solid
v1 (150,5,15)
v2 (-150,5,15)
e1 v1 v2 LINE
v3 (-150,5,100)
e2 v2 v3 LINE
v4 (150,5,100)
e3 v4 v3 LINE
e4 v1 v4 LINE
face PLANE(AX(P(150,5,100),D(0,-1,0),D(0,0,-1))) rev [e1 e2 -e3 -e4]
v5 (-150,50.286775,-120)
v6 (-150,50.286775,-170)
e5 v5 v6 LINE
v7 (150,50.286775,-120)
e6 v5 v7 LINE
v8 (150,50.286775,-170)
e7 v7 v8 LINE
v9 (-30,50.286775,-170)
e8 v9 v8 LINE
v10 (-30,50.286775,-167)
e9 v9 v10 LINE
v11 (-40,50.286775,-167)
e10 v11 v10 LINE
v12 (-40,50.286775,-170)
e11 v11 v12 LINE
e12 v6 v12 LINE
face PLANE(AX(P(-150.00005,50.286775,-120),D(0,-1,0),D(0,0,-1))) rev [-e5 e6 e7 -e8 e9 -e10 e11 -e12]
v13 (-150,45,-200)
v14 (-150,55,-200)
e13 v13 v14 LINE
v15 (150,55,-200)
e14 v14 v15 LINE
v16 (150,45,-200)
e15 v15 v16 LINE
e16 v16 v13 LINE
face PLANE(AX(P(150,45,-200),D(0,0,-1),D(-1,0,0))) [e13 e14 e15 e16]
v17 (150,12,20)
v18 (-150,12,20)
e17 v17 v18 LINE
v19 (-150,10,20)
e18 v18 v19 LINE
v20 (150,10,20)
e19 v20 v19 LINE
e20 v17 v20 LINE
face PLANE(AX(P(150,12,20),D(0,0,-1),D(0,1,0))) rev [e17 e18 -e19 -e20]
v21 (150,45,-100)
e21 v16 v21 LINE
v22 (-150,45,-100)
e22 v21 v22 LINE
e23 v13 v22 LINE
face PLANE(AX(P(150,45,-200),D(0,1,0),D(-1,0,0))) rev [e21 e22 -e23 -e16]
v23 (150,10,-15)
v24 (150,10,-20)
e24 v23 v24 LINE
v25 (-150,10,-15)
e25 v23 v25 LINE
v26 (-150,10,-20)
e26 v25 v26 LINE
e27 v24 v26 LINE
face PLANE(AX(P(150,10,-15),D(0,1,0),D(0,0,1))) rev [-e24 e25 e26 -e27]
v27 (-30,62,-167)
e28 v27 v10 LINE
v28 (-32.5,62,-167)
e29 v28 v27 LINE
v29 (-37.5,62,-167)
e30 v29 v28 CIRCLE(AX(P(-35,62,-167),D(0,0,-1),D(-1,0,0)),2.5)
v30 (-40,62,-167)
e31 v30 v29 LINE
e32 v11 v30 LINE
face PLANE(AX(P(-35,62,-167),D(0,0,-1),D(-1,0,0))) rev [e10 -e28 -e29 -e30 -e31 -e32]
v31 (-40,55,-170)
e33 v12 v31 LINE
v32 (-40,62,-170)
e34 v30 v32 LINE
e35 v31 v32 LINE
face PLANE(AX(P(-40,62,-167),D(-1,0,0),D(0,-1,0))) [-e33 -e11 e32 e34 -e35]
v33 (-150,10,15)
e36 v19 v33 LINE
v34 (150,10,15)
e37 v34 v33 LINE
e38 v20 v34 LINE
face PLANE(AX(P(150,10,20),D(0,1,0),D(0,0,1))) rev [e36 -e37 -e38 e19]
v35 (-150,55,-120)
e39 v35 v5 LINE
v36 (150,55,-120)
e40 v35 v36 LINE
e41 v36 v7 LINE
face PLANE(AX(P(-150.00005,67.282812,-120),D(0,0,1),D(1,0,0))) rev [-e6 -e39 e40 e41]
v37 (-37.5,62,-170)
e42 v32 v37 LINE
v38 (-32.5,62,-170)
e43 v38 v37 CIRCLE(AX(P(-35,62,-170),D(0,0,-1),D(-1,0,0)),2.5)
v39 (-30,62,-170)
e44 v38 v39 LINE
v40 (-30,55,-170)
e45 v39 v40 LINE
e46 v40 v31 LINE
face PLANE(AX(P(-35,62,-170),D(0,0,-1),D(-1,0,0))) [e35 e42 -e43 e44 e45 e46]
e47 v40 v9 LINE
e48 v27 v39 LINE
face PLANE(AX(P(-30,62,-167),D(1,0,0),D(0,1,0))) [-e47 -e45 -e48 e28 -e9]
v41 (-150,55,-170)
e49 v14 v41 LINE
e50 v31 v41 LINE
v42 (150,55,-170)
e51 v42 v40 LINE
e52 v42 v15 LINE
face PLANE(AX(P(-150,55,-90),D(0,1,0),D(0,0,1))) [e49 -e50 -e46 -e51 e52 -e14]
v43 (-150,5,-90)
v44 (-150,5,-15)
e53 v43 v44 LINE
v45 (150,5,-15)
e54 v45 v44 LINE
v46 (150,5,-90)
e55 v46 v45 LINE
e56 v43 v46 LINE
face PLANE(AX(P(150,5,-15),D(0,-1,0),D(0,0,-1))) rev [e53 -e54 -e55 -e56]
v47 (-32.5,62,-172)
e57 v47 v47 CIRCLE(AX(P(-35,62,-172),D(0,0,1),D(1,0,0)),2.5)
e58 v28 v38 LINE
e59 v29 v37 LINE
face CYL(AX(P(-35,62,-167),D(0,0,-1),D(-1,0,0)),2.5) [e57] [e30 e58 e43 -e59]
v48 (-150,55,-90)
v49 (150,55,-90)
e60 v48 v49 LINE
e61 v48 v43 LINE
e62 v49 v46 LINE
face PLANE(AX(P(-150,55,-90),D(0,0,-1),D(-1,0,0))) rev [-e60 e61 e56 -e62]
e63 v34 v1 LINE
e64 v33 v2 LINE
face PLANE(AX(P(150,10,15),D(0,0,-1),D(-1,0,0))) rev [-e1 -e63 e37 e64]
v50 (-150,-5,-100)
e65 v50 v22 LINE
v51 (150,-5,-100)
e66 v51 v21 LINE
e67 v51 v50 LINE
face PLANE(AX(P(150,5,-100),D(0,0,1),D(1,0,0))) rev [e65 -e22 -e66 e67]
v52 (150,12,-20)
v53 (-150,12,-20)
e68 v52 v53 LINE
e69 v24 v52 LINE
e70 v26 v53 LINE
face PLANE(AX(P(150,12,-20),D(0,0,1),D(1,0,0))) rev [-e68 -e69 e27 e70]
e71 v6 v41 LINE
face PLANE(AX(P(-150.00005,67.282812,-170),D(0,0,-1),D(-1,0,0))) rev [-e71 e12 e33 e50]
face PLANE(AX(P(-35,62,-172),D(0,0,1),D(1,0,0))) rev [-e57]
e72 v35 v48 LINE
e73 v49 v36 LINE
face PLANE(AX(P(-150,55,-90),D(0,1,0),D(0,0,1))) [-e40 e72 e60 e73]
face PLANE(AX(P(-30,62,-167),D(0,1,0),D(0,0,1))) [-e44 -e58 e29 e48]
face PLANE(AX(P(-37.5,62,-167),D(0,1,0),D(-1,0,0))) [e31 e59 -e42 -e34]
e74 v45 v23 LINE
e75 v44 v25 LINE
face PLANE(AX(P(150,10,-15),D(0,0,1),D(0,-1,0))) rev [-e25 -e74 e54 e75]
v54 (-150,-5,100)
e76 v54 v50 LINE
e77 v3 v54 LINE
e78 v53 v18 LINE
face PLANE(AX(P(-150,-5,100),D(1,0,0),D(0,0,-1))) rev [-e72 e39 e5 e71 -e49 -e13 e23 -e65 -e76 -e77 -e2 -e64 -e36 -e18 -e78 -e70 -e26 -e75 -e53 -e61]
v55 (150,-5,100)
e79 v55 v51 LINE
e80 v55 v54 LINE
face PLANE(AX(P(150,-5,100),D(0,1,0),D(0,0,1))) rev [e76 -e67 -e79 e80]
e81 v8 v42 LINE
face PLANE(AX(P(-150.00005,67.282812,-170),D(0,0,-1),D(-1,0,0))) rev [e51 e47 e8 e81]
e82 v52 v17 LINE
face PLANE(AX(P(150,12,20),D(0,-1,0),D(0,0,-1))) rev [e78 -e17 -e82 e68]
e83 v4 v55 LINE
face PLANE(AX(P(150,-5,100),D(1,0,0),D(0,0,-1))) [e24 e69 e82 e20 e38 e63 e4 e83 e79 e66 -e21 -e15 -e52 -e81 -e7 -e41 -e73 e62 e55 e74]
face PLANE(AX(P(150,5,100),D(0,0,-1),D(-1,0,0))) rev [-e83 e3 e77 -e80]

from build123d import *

# Parameters (mm, degrees)
EXTRUDE1_DEPTH = 150
SKETCH3_W      = 300
SKETCH3_H      = 10
EXTRUDE2_DEPTH = 50
SKETCH4_W      = 300
SKETCH4_H      = 10
EXTRUDE3_DEPTH = 100
SKETCH5_W      = 50
SKETCH5_H      = 16.996037372
EXTRUDE4_DEPTH = 365.725924497
EXTRUDE5_DEPTH = 3
EXTRUDE6_START = -5
SKETCH7_R      = 2.5
EXTRUDE6_DEPTH = 5


with BuildPart() as part:
    # Sketch1 → Extrude1 (new, symmetric)
    with BuildSketch(Plane(origin=(0, 0, 0), x_dir=(0, 0, -1), z_dir=(1, 0, 0))):
        Polygon((15, 5), (100, 5), (100, -5), (-100, -5), (-100, 5), (-15, 5), (-15, 10), (-20, 10), (-20, 12), (20, 12), (20, 10), (15, 10), align=None)
    extrude(amount=EXTRUDE1_DEPTH, both=True)

    # Sketch3 → Extrude2 (add)
    with BuildSketch(Plane(origin=(0, 5, 0), x_dir=(1, 0, 0), z_dir=(0, 1, 0))):
        with Locations((0, 95)):
            Rectangle(SKETCH3_W, SKETCH3_H)
    extrude(amount=EXTRUDE2_DEPTH)

    # Sketch4 → Extrude3 (add)
    with BuildSketch(Plane(origin=(0, 0, -100), x_dir=(-1, 0, 0), z_dir=(0, 0, -1))):
        with Locations((0, 50)):
            Rectangle(SKETCH4_W, SKETCH4_H)
    extrude(amount=EXTRUDE3_DEPTH)

    # Sketch5 → Extrude4 (cut, through all)
    with BuildSketch(Plane(origin=(150, 0, 0), x_dir=(0, 0, -1), z_dir=(1, 0, 0))):
        with Locations((145, 58.784793496)):
            Rectangle(SKETCH5_W, SKETCH5_H)
    extrude(amount=-EXTRUDE4_DEPTH, mode=Mode.SUBTRACT)

    # Sketch6 → Extrude5 (add)
    with BuildSketch(Plane(origin=(0, 0, -170), x_dir=(-1, 0, 0), z_dir=(0, 0, -1))):
        with BuildLine():
            Line((30, 62), (32.5, 62))
            ThreePointArc((32.5, 62), (35, 64.5), (37.5, 62))
            Line((37.5, 62), (40, 62))
            Line((40, 62), (40, 45))
            Line((40, 45), (30, 45))
            Line((30, 45), (30, 62))
        make_face()
    extrude(amount=-EXTRUDE5_DEPTH)

    # Sketch7 → Extrude6 (add)
    with BuildSketch(Plane.XY.offset(-167).offset(EXTRUDE6_START)):
        with Locations((-35, 62)):
            Circle(SKETCH7_R)
    extrude(amount=EXTRUDE6_DEPTH)


solid = part.part
